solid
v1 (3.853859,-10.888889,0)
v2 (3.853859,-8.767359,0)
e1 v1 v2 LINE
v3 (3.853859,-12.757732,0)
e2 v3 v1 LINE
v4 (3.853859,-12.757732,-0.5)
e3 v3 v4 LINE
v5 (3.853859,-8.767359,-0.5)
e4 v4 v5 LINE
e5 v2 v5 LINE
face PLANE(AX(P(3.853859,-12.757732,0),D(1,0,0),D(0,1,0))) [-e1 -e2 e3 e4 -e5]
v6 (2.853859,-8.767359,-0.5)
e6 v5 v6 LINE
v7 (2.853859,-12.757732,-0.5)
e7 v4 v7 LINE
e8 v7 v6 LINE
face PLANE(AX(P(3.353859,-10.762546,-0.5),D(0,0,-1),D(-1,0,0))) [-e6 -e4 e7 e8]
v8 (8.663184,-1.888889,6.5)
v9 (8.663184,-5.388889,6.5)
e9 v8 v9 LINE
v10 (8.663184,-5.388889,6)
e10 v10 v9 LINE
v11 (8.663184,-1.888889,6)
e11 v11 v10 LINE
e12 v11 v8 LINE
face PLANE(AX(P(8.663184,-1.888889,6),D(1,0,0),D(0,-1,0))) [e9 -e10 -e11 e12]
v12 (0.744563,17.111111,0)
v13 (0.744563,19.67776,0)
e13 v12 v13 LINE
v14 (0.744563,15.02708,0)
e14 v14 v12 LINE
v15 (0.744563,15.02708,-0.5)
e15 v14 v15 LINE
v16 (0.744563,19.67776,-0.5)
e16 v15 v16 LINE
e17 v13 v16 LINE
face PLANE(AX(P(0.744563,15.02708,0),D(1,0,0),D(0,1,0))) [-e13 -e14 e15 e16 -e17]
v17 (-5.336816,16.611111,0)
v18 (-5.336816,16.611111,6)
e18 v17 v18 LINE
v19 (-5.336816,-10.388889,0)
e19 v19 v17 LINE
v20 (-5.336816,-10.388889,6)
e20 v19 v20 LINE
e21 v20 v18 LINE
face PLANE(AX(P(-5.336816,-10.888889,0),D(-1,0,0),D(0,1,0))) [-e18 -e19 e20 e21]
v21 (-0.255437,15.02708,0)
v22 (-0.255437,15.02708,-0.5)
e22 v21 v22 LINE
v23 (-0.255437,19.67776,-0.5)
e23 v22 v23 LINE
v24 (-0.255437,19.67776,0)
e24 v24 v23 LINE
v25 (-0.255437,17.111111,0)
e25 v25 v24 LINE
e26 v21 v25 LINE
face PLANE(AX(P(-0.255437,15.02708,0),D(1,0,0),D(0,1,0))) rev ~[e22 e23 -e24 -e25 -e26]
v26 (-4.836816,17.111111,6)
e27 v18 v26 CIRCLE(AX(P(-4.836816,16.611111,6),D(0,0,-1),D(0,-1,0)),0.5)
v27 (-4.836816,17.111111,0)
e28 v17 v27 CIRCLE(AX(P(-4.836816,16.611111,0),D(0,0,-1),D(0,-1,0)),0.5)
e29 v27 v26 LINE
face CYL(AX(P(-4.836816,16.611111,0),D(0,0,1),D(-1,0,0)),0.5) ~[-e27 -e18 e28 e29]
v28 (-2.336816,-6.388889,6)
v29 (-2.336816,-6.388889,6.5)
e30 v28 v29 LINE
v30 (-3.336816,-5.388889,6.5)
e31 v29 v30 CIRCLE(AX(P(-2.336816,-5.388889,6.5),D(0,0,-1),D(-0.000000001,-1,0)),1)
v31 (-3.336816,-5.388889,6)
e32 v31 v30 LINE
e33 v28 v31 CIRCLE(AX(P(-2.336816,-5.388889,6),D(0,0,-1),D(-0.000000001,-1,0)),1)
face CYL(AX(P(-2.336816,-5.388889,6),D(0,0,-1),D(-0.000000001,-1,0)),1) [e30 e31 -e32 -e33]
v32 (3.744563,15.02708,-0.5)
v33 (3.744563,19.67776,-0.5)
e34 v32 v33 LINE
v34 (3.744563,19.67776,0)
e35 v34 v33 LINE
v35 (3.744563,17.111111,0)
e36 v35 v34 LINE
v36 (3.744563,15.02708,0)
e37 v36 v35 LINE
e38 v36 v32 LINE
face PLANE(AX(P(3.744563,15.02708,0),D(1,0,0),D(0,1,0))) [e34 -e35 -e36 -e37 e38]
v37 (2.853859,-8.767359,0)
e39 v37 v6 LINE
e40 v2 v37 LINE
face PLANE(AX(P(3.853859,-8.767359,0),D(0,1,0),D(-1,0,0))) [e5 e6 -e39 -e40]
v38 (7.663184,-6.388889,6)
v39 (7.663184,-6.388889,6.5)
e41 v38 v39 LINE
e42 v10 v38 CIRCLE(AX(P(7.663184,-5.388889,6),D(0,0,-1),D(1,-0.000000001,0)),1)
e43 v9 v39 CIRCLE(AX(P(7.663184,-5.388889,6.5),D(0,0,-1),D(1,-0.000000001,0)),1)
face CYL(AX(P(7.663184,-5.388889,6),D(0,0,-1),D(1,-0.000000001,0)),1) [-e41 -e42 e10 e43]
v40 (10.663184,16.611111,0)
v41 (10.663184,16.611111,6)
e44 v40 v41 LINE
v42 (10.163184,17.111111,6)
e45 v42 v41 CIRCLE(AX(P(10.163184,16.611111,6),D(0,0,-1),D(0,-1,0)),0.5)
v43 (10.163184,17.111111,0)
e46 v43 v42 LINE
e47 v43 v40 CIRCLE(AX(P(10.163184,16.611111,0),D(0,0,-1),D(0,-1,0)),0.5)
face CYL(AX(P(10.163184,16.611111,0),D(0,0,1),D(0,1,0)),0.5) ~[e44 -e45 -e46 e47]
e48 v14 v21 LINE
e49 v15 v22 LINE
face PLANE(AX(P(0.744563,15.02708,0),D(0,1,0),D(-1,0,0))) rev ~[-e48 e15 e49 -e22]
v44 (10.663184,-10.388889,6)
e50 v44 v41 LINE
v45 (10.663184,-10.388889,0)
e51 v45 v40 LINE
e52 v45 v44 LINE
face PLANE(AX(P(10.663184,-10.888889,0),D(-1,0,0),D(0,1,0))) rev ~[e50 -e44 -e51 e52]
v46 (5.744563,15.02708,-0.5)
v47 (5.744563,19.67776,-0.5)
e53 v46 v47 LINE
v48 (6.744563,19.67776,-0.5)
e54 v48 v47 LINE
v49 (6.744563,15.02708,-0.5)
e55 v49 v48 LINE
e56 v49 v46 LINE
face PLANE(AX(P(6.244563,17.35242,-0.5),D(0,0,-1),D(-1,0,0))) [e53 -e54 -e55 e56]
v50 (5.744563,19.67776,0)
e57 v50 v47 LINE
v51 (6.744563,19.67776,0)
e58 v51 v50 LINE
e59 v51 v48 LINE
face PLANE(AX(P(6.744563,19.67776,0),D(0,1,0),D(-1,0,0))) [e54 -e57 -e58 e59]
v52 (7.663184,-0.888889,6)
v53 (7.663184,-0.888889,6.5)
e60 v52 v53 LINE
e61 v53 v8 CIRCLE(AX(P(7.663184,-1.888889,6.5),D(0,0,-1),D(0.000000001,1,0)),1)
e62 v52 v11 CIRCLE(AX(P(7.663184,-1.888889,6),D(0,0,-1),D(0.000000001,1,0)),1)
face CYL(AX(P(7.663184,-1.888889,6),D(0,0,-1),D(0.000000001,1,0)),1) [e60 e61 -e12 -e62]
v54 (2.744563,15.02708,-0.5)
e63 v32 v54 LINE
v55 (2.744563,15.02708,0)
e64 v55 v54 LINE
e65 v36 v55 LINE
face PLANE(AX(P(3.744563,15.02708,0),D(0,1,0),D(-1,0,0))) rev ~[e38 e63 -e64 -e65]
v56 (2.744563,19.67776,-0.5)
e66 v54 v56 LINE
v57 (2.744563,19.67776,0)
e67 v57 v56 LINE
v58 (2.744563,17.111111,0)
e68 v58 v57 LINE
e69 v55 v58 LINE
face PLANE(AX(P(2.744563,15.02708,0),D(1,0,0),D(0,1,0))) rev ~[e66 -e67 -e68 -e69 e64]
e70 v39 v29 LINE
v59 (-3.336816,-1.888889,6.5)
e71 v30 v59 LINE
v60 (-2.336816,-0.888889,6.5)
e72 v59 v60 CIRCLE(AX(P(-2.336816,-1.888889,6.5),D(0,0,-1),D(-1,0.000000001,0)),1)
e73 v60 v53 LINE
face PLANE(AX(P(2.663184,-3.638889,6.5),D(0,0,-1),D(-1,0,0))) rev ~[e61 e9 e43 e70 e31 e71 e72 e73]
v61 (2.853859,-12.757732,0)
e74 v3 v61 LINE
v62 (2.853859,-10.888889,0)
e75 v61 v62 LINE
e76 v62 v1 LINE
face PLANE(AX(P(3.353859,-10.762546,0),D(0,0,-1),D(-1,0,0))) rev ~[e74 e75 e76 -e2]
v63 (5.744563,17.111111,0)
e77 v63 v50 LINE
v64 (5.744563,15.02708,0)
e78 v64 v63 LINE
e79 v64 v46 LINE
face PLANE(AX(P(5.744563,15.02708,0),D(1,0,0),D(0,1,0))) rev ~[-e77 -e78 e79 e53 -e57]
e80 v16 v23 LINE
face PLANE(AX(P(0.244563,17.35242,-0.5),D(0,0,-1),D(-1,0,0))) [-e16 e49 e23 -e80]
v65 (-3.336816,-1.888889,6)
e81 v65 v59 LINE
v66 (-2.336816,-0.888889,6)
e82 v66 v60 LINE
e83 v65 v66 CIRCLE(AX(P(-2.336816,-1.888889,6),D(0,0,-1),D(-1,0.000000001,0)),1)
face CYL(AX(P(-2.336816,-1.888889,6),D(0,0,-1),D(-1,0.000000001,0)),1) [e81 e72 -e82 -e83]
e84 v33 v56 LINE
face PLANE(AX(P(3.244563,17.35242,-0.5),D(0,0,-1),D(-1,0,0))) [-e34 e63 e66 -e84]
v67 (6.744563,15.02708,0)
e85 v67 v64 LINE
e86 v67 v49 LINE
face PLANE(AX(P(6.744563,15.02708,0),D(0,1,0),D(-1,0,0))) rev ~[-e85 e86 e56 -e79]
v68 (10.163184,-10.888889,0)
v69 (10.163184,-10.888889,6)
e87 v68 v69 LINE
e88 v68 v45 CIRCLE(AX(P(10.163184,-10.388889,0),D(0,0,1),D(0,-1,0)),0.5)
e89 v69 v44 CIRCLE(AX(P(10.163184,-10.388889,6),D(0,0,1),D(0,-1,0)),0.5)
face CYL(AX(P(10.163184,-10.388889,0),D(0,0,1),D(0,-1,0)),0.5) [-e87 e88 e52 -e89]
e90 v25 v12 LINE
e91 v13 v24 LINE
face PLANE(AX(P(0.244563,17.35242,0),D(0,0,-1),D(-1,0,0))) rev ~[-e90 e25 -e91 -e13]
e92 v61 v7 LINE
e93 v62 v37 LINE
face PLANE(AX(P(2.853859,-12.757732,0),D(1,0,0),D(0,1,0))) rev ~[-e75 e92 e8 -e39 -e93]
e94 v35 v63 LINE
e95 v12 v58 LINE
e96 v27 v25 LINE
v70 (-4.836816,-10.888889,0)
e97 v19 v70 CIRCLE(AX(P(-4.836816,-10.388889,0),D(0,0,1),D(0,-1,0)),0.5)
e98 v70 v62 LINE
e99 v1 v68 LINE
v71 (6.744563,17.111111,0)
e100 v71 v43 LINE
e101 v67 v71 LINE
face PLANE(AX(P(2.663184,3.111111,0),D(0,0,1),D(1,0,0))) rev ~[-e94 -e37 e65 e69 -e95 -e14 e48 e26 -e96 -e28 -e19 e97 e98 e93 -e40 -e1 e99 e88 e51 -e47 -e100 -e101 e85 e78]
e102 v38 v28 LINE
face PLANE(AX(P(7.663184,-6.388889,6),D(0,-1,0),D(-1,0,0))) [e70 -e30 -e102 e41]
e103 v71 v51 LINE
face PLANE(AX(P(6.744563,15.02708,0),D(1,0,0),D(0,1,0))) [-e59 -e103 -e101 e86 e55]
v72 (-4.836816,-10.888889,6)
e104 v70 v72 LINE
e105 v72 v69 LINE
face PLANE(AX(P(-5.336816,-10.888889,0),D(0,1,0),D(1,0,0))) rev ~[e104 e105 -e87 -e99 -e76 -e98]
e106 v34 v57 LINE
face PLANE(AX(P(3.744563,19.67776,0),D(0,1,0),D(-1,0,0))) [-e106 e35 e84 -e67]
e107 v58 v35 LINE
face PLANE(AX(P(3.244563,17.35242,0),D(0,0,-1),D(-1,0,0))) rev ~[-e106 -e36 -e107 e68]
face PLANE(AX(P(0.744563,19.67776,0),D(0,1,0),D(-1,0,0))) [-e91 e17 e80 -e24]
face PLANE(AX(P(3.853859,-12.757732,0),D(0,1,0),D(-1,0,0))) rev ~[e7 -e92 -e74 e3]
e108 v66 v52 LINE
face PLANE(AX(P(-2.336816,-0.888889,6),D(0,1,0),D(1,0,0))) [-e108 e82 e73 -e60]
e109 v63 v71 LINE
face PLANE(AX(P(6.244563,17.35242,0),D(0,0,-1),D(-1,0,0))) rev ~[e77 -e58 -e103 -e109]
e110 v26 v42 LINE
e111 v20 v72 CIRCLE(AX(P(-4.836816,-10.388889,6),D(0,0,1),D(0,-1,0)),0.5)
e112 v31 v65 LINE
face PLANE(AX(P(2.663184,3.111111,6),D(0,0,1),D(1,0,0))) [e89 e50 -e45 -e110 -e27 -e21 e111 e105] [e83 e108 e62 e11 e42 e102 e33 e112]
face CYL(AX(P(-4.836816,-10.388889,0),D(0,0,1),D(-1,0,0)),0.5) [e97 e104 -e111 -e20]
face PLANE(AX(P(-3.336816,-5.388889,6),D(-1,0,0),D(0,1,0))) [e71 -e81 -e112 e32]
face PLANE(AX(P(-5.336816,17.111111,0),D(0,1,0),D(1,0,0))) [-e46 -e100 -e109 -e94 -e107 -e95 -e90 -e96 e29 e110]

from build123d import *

# Parameters (mm, degrees)
ESQUISSE1_W        = 16
ESQUISSE1_H        = 28
BOSS_EXTRU_1_DEPTH = 6
BOSS_EXTRU_2_DEPTH = 0.5
CONG_1_R           = 0.5
ESQUISSE3_W        = 1
ESQUISSE3_H        = 4.650680728
BOSS_EXTRU_3_DEPTH = 0.5
ESQUISSE4_W        = 1
ESQUISSE4_H        = 3.990373045
BOSS_EXTRU_4_DEPTH = 0.5


with BuildPart() as part:
    # Esquisse1 → Boss.-Extru.1 (new body)
    with BuildSketch(Plane.XY):
        with Locations((2.66318356, 3.111111111)):
            Rectangle(ESQUISSE1_W, ESQUISSE1_H)
    extrude(amount=BOSS_EXTRU_1_DEPTH)

    # Esquisse2 → Boss.-Extru.2 (add)
    with BuildSketch(Plane.XY.offset(6)):
        with BuildLine():
            Line((-2.33681644, -0.888888889), (7.66318356, -0.888888889))
            ThreePointArc((7.66318356, -0.888888889), (8.370290341, -1.181782108), (8.66318356, -1.888888889))
            Line((8.66318356, -1.888888889), (8.66318356, -5.388888889))
            ThreePointArc((8.66318356, -5.388888889), (8.370290341, -6.09599567), (7.66318356, -6.388888889))
            Line((7.66318356, -6.388888889), (-2.33681644, -6.388888889))
            ThreePointArc((-2.33681644, -6.388888889), (-3.043923221, -6.09599567), (-3.33681644, -5.388888889))
            Line((-3.33681644, -5.388888889), (-3.33681644, -1.888888889))
            ThreePointArc((-3.33681644, -1.888888889), (-3.043923221, -1.181782108), (-2.33681644, -0.888888889))
        make_face()
    extrude(amount=BOSS_EXTRU_2_DEPTH)

    # Congé1
    cong_1_edges = [part.edges().sort_by_distance(p)[0] for p in [
        (-5.33681644, 17.111111111, 3),
        (10.66318356, 17.111111111, 3),
        (10.66318356, -10.888888889, 3),
        (-5.33681644, -10.888888889, 3),
    ]]
    fillet(cong_1_edges, radius=CONG_1_R)

    # Esquisse3 → Boss.-Extru.3 (add)
    with BuildSketch(Plane(origin=(0, 0, 0), x_dir=(-1, 0, 0), z_dir=(0, 0, -1))):
        with Locations((-0.244563406, 17.352420034)):
            Rectangle(ESQUISSE3_W, ESQUISSE3_H)
        with Locations((-3.244563406, 17.352420034)):
            Rectangle(ESQUISSE3_W, ESQUISSE3_H)
        with Locations((-6.244563406, 17.352420034)):
            Rectangle(ESQUISSE3_W, ESQUISSE3_H)
    extrude(amount=BOSS_EXTRU_3_DEPTH)

    # Esquisse4 → Boss.-Extru.4 (add)
    with BuildSketch(Plane(origin=(0, 0, 0), x_dir=(-1, 0, 0), z_dir=(0, 0, -1))):
        with Locations((-3.353859388, -10.762545732)):
            Rectangle(ESQUISSE4_W, ESQUISSE4_H)
    extrude(amount=BOSS_EXTRU_4_DEPTH)


solid = part.part
